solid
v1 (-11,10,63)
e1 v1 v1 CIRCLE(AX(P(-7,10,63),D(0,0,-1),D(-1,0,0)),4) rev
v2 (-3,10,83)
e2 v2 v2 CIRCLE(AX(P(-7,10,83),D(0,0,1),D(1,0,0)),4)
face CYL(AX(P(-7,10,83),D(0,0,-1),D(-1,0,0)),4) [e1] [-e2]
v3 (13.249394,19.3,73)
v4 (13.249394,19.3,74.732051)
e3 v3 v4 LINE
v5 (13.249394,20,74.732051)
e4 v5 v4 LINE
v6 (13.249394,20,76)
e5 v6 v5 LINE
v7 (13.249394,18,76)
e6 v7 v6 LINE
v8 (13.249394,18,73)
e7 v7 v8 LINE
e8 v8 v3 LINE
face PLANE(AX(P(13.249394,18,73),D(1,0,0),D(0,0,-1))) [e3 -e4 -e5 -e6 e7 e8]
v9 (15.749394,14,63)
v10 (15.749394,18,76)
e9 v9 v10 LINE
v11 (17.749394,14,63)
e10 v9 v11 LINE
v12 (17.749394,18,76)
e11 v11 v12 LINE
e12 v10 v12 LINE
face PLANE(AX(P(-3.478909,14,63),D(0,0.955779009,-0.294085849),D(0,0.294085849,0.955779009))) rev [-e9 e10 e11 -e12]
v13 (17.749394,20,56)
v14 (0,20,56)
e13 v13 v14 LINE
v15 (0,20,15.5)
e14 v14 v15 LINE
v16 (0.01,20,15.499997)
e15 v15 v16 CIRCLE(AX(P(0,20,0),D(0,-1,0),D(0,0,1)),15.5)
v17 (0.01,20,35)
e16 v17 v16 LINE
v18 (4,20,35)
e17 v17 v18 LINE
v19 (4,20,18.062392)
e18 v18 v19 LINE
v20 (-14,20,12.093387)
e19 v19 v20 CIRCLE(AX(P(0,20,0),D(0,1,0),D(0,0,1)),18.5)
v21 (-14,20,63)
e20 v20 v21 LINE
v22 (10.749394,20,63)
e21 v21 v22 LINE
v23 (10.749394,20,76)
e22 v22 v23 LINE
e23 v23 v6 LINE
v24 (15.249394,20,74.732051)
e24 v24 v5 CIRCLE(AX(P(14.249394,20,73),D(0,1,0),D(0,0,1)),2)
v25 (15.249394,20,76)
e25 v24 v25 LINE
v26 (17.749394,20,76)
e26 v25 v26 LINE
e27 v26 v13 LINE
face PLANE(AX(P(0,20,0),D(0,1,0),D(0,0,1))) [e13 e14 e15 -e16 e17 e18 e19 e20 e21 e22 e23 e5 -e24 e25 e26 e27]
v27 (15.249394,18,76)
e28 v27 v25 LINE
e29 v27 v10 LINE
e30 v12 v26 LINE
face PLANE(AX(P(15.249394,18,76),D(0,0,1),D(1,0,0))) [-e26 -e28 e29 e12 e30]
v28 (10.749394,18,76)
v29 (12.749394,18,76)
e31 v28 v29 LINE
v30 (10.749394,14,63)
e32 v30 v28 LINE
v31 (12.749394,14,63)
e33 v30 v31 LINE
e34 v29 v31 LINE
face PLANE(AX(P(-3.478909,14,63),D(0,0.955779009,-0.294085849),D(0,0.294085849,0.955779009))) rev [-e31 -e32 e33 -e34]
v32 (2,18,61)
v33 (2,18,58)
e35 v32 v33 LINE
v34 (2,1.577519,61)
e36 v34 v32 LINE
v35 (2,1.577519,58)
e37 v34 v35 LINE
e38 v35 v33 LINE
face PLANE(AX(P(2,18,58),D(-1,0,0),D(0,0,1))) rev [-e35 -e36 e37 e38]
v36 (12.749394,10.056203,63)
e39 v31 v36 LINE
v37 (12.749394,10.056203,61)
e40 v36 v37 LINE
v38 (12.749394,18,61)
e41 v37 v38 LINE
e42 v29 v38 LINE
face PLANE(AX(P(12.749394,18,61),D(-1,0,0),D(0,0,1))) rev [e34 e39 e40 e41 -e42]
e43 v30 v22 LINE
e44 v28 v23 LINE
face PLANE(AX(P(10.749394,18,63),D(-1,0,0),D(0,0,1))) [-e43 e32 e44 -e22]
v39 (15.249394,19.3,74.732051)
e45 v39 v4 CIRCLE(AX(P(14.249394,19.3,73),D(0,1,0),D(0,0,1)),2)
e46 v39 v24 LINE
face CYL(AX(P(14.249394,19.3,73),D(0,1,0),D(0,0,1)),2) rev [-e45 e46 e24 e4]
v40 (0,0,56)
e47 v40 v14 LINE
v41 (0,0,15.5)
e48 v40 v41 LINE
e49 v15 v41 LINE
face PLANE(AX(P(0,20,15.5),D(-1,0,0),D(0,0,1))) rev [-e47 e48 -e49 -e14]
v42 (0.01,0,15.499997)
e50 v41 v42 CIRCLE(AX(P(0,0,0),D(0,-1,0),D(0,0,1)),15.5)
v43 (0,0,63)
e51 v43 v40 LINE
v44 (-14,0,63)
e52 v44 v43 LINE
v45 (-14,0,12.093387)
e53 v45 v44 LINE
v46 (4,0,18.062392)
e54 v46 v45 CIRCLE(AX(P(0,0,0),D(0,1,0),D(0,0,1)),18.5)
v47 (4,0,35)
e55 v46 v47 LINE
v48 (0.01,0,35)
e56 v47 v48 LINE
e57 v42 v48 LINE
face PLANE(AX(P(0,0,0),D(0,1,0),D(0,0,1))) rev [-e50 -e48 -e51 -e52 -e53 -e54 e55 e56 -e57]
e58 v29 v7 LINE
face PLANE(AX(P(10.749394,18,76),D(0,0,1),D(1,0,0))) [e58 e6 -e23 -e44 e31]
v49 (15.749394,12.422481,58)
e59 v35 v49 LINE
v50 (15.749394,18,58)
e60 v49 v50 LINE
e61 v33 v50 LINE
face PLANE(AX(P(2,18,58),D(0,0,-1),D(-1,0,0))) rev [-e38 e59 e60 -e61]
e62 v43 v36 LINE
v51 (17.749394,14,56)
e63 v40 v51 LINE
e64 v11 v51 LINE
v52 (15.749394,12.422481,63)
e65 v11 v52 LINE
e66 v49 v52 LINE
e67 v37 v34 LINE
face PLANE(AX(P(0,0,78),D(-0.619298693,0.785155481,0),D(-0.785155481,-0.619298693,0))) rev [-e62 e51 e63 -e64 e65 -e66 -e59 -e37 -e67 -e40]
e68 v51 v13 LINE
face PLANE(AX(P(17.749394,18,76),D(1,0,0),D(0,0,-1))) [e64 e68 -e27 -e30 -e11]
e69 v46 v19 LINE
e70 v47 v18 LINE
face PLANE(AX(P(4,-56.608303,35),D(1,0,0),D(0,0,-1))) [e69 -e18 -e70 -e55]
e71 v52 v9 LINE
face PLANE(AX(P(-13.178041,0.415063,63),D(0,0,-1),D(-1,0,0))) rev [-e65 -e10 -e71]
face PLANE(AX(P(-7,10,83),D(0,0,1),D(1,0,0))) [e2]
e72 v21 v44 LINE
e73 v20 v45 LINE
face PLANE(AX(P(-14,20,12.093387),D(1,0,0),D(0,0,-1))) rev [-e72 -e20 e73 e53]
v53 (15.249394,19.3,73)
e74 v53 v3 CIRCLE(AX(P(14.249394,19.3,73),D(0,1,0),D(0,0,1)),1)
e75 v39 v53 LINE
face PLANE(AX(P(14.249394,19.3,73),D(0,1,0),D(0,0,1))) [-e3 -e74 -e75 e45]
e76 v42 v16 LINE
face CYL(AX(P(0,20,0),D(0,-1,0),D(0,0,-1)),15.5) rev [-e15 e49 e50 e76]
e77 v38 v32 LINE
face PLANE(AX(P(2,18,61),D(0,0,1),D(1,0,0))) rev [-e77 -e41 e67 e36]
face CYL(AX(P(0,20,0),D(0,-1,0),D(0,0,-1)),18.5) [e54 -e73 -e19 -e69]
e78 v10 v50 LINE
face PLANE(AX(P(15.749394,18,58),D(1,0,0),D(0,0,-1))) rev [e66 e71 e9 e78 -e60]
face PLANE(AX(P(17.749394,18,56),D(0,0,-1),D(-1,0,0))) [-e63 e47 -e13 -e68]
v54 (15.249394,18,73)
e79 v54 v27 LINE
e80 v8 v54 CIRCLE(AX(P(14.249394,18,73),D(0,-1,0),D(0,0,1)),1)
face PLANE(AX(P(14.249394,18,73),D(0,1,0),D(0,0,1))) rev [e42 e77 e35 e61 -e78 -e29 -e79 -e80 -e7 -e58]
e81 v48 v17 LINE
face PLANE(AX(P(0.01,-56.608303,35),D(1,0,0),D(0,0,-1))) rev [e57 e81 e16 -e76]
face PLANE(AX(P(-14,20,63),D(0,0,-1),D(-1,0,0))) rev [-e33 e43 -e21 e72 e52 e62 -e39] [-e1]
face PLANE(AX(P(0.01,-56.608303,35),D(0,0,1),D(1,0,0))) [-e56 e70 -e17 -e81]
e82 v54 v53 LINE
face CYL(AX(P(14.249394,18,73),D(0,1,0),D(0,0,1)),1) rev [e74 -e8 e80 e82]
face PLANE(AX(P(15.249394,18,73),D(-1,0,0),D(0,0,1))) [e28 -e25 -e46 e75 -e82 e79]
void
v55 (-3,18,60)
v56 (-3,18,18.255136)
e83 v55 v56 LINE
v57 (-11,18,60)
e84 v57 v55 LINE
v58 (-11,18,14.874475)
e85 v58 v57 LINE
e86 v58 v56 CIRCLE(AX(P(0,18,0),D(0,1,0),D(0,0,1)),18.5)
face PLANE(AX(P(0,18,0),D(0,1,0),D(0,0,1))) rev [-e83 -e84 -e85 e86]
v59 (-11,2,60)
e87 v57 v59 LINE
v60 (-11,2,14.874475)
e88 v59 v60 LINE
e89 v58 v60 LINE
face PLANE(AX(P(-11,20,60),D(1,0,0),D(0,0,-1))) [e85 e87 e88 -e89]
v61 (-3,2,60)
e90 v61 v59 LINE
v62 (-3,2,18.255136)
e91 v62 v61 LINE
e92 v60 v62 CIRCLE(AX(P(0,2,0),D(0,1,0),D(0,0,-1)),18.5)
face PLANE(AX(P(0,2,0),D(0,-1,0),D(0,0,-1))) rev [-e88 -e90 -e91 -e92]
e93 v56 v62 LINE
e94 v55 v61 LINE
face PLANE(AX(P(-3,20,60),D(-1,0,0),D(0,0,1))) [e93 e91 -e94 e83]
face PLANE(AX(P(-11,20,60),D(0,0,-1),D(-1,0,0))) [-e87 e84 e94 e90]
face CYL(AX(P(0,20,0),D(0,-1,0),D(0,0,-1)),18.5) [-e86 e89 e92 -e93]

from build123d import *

# Parameters (mm, degrees)
BOSS_EXTRUDE1_DEPTH = 20
SKETCH2_R           = 4
BOSS_EXTRUDE2_DEPTH = 20
BOSS_EXTRUDE3_DEPTH = 2
BOSS_EXTRUDE4_DEPTH = 18
CUT_EXTRUDE1_DEPTH  = 22
BOSS_EXTRUDE5_DEPTH = 2
SKETCH8_R           = 2
CUT_EXTRUDE3_DEPTH  = 0.7
CUT_EXTRUDE2_REACH  = 94.752
SKETCH6_W           = 19.696996452
SKETCH6_H           = 13.58493718
CUT_EXTRUDE4_REACH  = 94.752
BOSS_EXTRUDE6_START = -2
BOSS_EXTRUDE6_DEPTH = 2
BOSS_EXTRUDE7_DEPTH = 2
BOSS_EXTRUDE8_START = -20
BOSS_EXTRUDE8_DEPTH = 20


with BuildPart() as part:
    # Sketch1 → Boss-Extrude1 (new body)
    with BuildSketch(Plane(origin=(0, 0, 0), x_dir=(1, 0, 0), z_dir=(0, 1, 0))):
        with BuildLine():
            Line((0, -15.5), (0, -63))
            Line((0, -63), (-14, -63))
            Line((-14, -63), (-14, -12.093386622))
            ThreePointArc((-14, -12.093386622), (-16.822271733, 7.698127938), (0, 18.5))
            Line((0, 18.5), (0, 15.5))
            ThreePointArc((0, 15.5), (-15.5, 0), (0, -15.5))
        make_face()
        with BuildLine():
            Line((-11, -60), (-11, -14.874474781))
            ThreePointArc((-11, -14.874474781), (-7.201195596, -17.04091494), (-3, -18.255136264))
            Line((-3, -18.255136264), (-3, -60))
            Line((-3, -60), (-11, -60))
        make_face(mode=Mode.SUBTRACT)
    extrude(amount=BOSS_EXTRUDE1_DEPTH)

    # Sketch2 → Boss-Extrude2 (add)
    with BuildSketch(Plane.XY.offset(63)):
        with Locations(Location((-7, 10, 0), (0, 0, 180))):
            Circle(SKETCH2_R)
    extrude(amount=BOSS_EXTRUDE2_DEPTH)

    # Sketch3 → Boss-Extrude3 (add)
    with BuildSketch(Plane(origin=(0, 20, 0), x_dir=(1, 0, 0), z_dir=(0, 1, 0))):
        with BuildLine():
            Line((0, -63), (10.749394376, -63))
            Line((10.749394376, -63), (10.749394376, -76))
            Line((10.749394376, -76), (13.249394376, -76))
            Line((13.249394376, -76), (13.249394376, -73))
            ThreePointArc((13.249394376, -73), (14.249394376, -72), (15.249394376, -73))
            Line((15.249394376, -73), (15.249394376, -76))
            Line((15.249394376, -76), (17.749394376, -76))
            Line((17.749394376, -76), (17.749394376, -56))
            Line((17.749394376, -56), (0, -56))
            Line((0, -56), (0, -63))
        make_face()
        Polygon((2, -58), (15.749394376, -58), (15.749394376, -69), (12.749394376, -69), (12.749394376, -61), (2, -61), align=None, mode=Mode.SUBTRACT)
    extrude(amount=-BOSS_EXTRUDE3_DEPTH)

    # Sketch4 → Boss-Extrude4 (add)
    with BuildSketch(Plane.XZ.offset(-18)):
        Polygon((15.749394376, 69), (15.749394376, 58), (2, 58), (2, 61), (12.749394376, 61), (12.749394376, 69), (12.749394376, 76), (10.749394376, 76), (10.749394376, 66), (10.749394376, 63), (0, 63), (0, 56), (17.749394376, 56), (17.749394376, 66), (17.749394376, 76), (15.749394376, 76), align=None)
    extrude(amount=BOSS_EXTRUDE4_DEPTH)

    # Sketch5 → Cut-Extrude1 (cut)
    with BuildSketch(Plane(origin=(0, 0, 56), x_dir=(-1, 0, 0), z_dir=(0, 0, -1))):
        Polygon((0, 0), (-17.749394376, 14), (-17.749394376, -1.554529852), (0, -1.554529852), align=None)
    extrude(amount=-CUT_EXTRUDE1_DEPTH, mode=Mode.SUBTRACT)

    # Sketch7 → Boss-Extrude5 (add)
    with BuildSketch(Plane(origin=(0, 20, 0), x_dir=(1, 0, 0), z_dir=(0, 1, 0))):
        Polygon((2, -61), (12.749394376, -61), (12.749394376, -69), (15.749394376, -69), (15.749394376, -58), (2, -58), align=None)
    extrude(amount=-BOSS_EXTRUDE5_DEPTH)

    # Sketch8 → Cut-Extrude3 (cut)
    with BuildSketch(Plane(origin=(0, 20, 0), x_dir=(1, 0, 0), z_dir=(0, 1, 0))):
        with Locations((14.249394376, -73)):
            Circle(SKETCH8_R)
    extrude(amount=-CUT_EXTRUDE3_DEPTH, mode=Mode.SUBTRACT)

    # Cut-Extrude2: up to this face of the body (flat: up to its plane)
    cut_extrude2_end = Plane(part.part.faces().sort_by_distance((10.749394376, 14.239342427, 69.5))[0])
    # Sketch6 → Cut-Extrude2 (cut, up to the picked face)
    with BuildSketch(Plane(origin=(17.749394376, 0, 0), x_dir=(0, 0, -1), z_dir=(1, 0, 0)), mode=Mode.PRIVATE) as cut_extrude2_sk1:
        with Locations((-72.848498226, 7.20753141)):
            Rectangle(SKETCH6_W, SKETCH6_H)
    cut_extrude2_tool1 = split(extrude(cut_extrude2_sk1.sketch, amount=-CUT_EXTRUDE2_REACH, mode=Mode.PRIVATE), bisect_by=cut_extrude2_end, keep=Keep.BOTH, mode=Mode.PRIVATE)
    add(cut_extrude2_tool1.solids().sort_by(Axis((17.749394, 7.207531, 72.848498), (-1, 0, 0)))[0], mode=Mode.SUBTRACT)

    # Cut-Extrude4: up to this face of the body (flat: up to its plane)
    cut_extrude4_end = Plane(part.part.faces().sort_by_distance((10.749394376, 17, 69.5))[0])
    # Sketch10 → Cut-Extrude4 (cut, up to the picked face)
    with BuildSketch(Plane(origin=(17.749394376, 0, 0), x_dir=(0, 0, -1), z_dir=(1, 0, 0)), mode=Mode.PRIVATE) as cut_extrude4_sk1:
        Polygon((-63, 14), (-76, 18), (-76, 12.216867542), (-63, 12.216867542), align=None)
    cut_extrude4_tool1 = split(extrude(cut_extrude4_sk1.sketch, amount=-CUT_EXTRUDE4_REACH, mode=Mode.PRIVATE), bisect_by=cut_extrude4_end, keep=Keep.BOTH, mode=Mode.PRIVATE)
    add(cut_extrude4_tool1.solids().sort_by(Axis((17.749394, 14.284655, 70.645435), (-1, 0, 0)))[0], mode=Mode.SUBTRACT)

    # Sketch11 → Boss-Extrude6 (add)
    with BuildSketch(Plane(origin=(0, 20, 0), x_dir=(1, 0, 0), z_dir=(0, 1, 0)).offset(BOSS_EXTRUDE6_START)):
        with BuildLine():
            Line((-11, -14.874474781), (-11, -60))
            Line((-11, -60), (-3, -60))
            Line((-3, -60), (-3, -18.255136264))
            ThreePointArc((-3, -18.255136264), (-7.201195596, -17.04091494), (-11, -14.874474781))
        make_face()
    extrude(amount=BOSS_EXTRUDE6_DEPTH)

    # Sketch12 → Boss-Extrude7 (add)
    with BuildSketch(Plane.XZ):
        with BuildLine():
            Line((-3, 60), (-3, 18.255136264))
            ThreePointArc((-3, 18.255136264), (-7.201195596, 17.04091494), (-11, 14.874474781))
            Line((-11, 14.874474781), (-11, 60))
            Line((-11, 60), (-3, 60))
        make_face()
    extrude(amount=-BOSS_EXTRUDE7_DEPTH)

    # Sketch13 → Boss-Extrude8 (add)
    with BuildSketch(Plane(origin=(0, 20, 0), x_dir=(1, 0, 0), z_dir=(0, 1, 0)).offset(BOSS_EXTRUDE8_START)):
        with BuildLine():
            Line((0, 15.5), (0, 18.5))
            ThreePointArc((0, 18.5), (18.390272559, 2.011933204), (4, -18.062391868))
            Line((4, -18.062391868), (4, -35))
            Line((4, -35), (0.01, -35))
            Line((0.01, -35), (0.01, -15.499996774))
            ThreePointArc((0.01, -15.499996774), (15.499999194, 0.005), (0, 15.5))
        make_face()
    extrude(amount=BOSS_EXTRUDE8_DEPTH)


solid = part.part
